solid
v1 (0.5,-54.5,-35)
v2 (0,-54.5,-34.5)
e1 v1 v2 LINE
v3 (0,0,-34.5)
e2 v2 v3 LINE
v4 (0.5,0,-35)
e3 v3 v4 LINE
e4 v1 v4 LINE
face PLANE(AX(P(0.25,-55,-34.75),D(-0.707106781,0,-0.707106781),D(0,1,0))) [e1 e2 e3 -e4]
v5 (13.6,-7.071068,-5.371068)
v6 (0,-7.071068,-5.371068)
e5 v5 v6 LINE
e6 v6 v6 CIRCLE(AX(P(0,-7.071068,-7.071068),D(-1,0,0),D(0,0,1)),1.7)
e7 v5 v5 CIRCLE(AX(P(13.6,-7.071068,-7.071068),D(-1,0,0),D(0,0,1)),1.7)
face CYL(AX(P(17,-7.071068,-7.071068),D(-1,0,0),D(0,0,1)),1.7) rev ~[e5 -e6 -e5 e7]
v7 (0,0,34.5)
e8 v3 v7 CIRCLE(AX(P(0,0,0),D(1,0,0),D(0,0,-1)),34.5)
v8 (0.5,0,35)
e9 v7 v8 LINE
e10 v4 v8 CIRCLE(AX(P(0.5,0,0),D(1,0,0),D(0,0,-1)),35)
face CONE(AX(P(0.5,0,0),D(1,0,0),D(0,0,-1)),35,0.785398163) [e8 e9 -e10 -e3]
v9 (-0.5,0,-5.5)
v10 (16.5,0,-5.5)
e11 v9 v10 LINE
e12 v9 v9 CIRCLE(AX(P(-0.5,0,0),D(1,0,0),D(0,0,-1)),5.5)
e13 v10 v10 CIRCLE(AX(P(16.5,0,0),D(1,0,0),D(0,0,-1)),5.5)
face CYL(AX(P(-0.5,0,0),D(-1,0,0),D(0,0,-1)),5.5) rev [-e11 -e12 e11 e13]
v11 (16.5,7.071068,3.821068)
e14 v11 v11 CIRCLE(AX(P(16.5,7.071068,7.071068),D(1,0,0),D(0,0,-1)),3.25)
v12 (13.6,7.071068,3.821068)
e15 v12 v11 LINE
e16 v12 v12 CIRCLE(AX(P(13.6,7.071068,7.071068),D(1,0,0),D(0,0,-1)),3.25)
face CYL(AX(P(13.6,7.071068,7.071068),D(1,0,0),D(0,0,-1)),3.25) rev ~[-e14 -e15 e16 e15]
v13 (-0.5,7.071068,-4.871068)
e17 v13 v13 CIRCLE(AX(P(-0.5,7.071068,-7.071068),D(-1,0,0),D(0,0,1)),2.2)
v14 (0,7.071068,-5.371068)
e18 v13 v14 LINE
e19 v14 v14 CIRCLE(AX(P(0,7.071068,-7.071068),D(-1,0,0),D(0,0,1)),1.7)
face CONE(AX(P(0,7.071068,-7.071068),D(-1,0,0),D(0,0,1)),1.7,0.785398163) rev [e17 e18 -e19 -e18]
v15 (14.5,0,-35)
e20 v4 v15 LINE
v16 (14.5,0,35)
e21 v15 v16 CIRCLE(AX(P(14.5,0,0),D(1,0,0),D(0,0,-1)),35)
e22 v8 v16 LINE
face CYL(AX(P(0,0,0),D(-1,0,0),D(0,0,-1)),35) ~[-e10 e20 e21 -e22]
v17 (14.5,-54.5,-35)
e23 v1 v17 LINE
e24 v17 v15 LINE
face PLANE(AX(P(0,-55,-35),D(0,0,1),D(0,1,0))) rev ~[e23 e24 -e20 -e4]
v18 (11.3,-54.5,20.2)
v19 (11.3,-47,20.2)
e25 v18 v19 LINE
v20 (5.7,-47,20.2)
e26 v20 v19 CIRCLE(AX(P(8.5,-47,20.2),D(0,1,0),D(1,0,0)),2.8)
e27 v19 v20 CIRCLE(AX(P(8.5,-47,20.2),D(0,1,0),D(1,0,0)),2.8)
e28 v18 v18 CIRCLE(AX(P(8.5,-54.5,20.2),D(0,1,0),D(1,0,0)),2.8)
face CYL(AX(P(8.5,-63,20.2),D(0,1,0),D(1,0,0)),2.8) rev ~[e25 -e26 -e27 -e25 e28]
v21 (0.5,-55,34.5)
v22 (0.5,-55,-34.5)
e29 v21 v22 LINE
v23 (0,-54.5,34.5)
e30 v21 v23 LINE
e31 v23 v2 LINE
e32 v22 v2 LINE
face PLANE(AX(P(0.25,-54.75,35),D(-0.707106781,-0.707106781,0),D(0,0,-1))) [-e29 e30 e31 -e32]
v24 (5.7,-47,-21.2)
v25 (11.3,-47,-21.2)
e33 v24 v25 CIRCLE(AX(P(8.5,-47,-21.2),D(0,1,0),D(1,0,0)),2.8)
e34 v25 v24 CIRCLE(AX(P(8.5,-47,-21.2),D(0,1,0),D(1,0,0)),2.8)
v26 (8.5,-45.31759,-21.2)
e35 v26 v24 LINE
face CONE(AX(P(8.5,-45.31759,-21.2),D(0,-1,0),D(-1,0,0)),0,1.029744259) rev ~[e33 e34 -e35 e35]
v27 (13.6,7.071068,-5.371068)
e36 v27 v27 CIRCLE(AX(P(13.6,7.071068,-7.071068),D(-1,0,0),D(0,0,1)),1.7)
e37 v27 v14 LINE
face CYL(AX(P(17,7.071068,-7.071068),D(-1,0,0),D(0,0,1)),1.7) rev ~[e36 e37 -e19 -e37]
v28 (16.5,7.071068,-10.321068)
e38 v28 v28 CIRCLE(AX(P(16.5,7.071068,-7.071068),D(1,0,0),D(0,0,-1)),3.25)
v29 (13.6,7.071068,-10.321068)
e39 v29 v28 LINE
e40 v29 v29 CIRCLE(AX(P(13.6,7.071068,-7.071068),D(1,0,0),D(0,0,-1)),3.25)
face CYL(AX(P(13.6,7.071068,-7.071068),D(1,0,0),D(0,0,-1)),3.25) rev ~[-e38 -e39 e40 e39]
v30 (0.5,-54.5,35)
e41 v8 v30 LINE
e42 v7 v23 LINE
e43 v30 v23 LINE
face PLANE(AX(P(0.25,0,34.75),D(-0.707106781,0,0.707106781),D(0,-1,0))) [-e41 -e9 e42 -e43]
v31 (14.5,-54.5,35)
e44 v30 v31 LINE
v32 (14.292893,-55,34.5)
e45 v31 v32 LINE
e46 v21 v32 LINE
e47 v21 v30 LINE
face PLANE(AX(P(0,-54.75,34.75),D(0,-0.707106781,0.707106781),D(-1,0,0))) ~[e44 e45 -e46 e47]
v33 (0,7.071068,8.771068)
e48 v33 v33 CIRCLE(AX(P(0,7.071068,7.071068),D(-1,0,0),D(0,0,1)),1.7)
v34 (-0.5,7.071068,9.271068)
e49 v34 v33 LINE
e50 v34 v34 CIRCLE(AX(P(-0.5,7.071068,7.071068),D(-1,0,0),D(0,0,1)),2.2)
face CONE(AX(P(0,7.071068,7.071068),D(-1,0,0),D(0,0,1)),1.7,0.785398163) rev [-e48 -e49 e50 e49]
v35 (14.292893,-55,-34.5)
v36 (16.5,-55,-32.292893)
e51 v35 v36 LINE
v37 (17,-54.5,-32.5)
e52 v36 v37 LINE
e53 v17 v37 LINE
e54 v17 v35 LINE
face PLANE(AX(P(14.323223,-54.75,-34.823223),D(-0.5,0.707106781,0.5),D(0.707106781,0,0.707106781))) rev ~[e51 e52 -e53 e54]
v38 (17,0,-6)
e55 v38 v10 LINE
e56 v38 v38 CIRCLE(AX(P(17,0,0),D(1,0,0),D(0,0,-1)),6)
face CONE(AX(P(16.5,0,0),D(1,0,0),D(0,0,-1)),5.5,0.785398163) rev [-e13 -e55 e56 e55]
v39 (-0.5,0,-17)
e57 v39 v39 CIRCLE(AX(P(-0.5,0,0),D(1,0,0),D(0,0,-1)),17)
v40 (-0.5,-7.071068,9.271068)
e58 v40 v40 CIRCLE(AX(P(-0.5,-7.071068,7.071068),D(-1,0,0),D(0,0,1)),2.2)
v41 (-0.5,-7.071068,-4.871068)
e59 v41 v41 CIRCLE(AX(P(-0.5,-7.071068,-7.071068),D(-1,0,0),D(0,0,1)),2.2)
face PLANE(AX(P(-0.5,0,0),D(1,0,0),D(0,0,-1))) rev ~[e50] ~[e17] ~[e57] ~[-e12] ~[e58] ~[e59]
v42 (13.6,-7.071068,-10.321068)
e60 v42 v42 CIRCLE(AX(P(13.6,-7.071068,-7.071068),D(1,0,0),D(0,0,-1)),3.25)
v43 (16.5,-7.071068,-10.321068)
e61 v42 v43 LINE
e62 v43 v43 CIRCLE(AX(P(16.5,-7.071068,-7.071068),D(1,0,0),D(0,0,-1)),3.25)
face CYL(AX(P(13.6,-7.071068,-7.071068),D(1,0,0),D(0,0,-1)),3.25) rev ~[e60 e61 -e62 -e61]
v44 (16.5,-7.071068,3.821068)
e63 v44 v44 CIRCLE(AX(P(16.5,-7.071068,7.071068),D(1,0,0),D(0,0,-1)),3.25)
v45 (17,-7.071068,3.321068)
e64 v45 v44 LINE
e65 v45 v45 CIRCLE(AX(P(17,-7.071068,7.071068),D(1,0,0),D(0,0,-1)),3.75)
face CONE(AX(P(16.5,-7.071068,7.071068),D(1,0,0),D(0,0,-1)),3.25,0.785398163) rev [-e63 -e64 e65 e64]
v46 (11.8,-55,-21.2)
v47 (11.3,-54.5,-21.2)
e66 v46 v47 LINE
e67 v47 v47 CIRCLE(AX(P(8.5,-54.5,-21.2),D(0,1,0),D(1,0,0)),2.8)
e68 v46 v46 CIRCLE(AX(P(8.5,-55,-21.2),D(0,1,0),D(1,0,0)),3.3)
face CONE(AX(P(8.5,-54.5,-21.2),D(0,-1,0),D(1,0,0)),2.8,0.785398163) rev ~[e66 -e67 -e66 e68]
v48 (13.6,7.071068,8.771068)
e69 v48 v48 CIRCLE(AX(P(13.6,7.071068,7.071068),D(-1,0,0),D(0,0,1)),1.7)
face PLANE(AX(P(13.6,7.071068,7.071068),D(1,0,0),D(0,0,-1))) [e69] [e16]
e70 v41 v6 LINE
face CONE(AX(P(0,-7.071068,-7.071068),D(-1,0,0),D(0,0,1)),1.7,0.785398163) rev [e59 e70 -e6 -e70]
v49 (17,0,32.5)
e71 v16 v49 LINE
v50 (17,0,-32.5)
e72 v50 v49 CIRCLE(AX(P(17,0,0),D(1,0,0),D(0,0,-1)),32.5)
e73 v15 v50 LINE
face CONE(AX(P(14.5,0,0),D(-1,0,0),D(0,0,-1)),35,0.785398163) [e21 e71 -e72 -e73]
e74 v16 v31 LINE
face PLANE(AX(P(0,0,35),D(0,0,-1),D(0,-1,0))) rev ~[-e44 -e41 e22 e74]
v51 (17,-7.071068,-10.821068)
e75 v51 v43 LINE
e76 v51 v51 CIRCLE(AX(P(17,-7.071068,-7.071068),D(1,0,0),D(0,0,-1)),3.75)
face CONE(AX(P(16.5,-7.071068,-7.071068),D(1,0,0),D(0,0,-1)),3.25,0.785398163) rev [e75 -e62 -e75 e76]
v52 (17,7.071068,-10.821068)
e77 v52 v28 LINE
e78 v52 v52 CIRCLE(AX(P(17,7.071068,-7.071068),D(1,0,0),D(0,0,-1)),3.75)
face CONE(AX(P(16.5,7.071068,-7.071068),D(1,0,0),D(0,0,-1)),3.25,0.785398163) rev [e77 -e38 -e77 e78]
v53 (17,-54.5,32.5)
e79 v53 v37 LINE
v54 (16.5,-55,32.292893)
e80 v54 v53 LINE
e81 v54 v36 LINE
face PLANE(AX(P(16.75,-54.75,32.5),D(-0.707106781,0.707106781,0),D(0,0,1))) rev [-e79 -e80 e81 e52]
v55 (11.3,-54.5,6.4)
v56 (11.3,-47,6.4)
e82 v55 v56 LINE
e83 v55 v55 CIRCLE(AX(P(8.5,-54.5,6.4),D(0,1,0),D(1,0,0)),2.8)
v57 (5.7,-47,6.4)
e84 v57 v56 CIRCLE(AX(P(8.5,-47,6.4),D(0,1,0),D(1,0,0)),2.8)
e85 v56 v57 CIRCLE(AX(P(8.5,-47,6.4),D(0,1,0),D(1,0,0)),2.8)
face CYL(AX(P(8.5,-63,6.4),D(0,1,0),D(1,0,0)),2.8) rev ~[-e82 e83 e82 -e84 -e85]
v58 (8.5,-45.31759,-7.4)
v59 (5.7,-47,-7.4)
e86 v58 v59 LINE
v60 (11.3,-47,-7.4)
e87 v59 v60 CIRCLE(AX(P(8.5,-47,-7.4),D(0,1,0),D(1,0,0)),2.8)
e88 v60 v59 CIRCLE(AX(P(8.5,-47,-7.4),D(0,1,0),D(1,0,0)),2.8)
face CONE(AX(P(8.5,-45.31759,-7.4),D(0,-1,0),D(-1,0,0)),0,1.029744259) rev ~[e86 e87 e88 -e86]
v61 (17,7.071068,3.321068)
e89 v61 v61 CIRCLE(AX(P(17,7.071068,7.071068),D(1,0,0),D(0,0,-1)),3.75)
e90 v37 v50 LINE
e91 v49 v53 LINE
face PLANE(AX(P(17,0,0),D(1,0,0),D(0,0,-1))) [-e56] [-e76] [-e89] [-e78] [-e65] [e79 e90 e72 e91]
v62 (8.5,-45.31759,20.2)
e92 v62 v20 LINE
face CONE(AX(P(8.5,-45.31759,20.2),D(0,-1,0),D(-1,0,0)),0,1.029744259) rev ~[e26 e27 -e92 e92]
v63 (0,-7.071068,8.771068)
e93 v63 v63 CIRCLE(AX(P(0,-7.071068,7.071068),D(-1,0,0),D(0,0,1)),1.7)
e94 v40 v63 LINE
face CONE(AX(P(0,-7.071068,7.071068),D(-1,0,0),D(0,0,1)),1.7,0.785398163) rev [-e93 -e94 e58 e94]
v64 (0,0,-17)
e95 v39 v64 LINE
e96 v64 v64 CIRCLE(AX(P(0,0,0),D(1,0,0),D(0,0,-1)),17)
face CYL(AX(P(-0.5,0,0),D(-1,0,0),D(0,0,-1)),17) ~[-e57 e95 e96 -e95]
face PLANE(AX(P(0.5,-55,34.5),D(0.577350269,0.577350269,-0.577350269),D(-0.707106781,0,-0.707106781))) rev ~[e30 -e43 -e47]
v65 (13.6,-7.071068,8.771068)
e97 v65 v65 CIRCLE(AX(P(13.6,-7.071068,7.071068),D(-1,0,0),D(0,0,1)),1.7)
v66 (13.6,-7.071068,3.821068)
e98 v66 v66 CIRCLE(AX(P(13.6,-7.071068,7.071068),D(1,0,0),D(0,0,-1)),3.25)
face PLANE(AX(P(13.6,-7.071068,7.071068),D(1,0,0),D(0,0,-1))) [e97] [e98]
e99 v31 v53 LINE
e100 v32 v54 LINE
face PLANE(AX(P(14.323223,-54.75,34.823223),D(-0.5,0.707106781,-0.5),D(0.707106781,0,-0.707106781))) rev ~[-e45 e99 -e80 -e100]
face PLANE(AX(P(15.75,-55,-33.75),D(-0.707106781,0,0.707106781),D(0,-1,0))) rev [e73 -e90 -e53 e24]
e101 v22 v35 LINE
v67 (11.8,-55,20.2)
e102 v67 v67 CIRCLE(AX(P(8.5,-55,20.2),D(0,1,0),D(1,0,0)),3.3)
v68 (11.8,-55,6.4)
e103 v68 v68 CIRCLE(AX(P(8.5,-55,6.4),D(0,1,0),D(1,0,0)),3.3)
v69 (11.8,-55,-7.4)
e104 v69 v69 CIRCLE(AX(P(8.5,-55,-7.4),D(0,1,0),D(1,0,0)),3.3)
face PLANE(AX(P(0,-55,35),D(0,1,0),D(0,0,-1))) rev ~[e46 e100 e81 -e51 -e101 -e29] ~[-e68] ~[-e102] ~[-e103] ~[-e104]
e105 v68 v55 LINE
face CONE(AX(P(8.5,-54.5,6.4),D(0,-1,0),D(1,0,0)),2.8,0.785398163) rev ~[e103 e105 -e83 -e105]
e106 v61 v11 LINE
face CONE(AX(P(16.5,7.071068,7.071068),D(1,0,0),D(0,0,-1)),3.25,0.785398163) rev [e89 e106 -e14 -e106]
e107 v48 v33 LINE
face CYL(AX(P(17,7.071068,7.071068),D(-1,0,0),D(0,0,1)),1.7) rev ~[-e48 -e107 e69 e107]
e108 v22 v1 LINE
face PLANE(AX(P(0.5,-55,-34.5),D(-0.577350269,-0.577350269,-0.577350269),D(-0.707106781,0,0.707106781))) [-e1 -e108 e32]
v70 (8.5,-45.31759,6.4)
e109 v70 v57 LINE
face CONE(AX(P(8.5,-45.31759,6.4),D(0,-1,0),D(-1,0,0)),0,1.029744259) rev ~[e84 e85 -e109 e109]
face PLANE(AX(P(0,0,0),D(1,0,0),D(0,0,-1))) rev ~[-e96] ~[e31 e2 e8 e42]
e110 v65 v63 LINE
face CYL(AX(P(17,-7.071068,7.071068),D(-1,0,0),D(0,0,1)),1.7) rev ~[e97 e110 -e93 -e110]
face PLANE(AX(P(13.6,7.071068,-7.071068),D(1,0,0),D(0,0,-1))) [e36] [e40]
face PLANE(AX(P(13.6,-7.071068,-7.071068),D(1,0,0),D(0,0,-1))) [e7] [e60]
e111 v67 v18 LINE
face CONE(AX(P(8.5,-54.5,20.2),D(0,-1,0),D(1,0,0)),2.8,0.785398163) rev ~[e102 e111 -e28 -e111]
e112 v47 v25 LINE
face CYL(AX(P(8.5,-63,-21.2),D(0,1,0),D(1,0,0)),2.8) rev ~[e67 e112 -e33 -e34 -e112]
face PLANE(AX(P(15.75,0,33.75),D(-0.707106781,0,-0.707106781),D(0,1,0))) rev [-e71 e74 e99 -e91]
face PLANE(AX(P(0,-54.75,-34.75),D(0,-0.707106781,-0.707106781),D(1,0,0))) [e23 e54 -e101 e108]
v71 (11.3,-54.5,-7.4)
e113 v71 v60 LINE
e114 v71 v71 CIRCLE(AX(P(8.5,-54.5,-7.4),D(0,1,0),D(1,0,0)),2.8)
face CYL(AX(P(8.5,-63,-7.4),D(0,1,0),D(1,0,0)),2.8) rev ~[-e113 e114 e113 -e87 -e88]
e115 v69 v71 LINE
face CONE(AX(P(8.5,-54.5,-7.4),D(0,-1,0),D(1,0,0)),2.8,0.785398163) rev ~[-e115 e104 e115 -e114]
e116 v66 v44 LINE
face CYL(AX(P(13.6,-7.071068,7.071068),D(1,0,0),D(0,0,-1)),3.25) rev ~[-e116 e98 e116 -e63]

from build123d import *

# Parameters (mm, degrees)
SKETCH1_R                                           = 35
SKETCH1_R_2                                         = 5.5
SKETCH1_R_3                                         = 17
BOSS_EXTRUDE1_DEPTH                                 = 17
BOSS_EXTRUDE2_START                                 = -0.5
SKETCH1_3_R                                         = 17
SKETCH1_3_R_2                                       = 5.5
BOSS_EXTRUDE2_DEPTH                                 = 0.5
CBORE_FOR_M3_HEX_SOCKET_HEAD_CAP_SCREW1_D           = 3.4
CBORE_FOR_M3_HEX_SOCKET_HEAD_CAP_SCREW1_CBORE_D     = 6.5
CBORE_FOR_M3_HEX_SOCKET_HEAD_CAP_SCREW1_CBORE_DEPTH = 3.4
F_5_6_5_6_DIAMETER_HOLE1_D                          = 5.6
F_5_6_5_6_DIAMETER_HOLE1_DEPTH                      = 8
F_5_6_5_6_DIAMETER_HOLE1_TIP                        = 1.682409733
F_2_5MM_CHAMFER1_SIZE                               = 2.5
F_0_5MM_CHAMFER2_SIZE                               = 0.5


with BuildPart() as part:
    # Sketch1 → Boss-Extrude1 (new body)
    # profile 1 of 3: a face of its own
    with BuildSketch(Plane(origin=(0, 0, 0), x_dir=(0, 0, -1), z_dir=(1, 0, 0))):
        Circle(SKETCH1_R)
        Circle(SKETCH1_R_2, mode=Mode.SUBTRACT)
    # profile 2 of 3: a face of its own
    with BuildSketch(Plane(origin=(0, 0, 0), x_dir=(0, 0, -1), z_dir=(1, 0, 0))):
        with BuildLine():
            ThreePointArc((35, 0), (0, -35), (-35, 0))
            Line((-35, 0), (-35, -55))
            Line((-35, -55), (35, -55))
            Line((35, -55), (35, 0))
        make_face()
    # profile 3 of 3: a face of its own
    with BuildSketch(Plane(origin=(0, 0, 0), x_dir=(0, 0, -1), z_dir=(1, 0, 0))):
        Circle(SKETCH1_R_3)
        Circle(SKETCH1_R_2, mode=Mode.SUBTRACT)
    extrude(amount=BOSS_EXTRUDE1_DEPTH)

    # Sketch1<3> → Boss-Extrude2 (add)
    with BuildSketch(Plane(origin=(0, 0, 0), x_dir=(0, 0, -1), z_dir=(1, 0, 0)).offset(BOSS_EXTRUDE2_START)):
        Circle(SKETCH1_3_R)
        Circle(SKETCH1_3_R_2, mode=Mode.SUBTRACT)
    extrude(amount=BOSS_EXTRUDE2_DEPTH)

    # CBORE for M3 Hex Socket Head Cap Screw1 (through all)
    with Locations(Plane(origin=(17, 0, 0), x_dir=(0, 0, -1), z_dir=(1, 0, 0))):
        with Locations((-7.071067812, 7.071067812), (7.071067812, 7.071067812), (7.071067812, -7.071067812), (-7.071067812, -7.071067812)):
            CounterBoreHole(CBORE_FOR_M3_HEX_SOCKET_HEAD_CAP_SCREW1_D / 2, CBORE_FOR_M3_HEX_SOCKET_HEAD_CAP_SCREW1_CBORE_D / 2, CBORE_FOR_M3_HEX_SOCKET_HEAD_CAP_SCREW1_CBORE_DEPTH)

    # Ø5.6 (5.6) Diameter Hole1
    with Locations(Plane(origin=(0, -55, 0), x_dir=(-1, 0, 0), z_dir=(0, -1, 0))):
        with Locations((-8.5, -20.2), (-8.5, 21.2), (-8.5, 7.4), (-8.5, -6.4)):
            Hole(F_5_6_5_6_DIAMETER_HOLE1_D / 2, depth=F_5_6_5_6_DIAMETER_HOLE1_DEPTH)
            with Locations((0, 0, -(F_5_6_5_6_DIAMETER_HOLE1_DEPTH + F_5_6_5_6_DIAMETER_HOLE1_TIP / 2))):  # 118° drill point
                Cone(0, F_5_6_5_6_DIAMETER_HOLE1_D / 2, F_5_6_5_6_DIAMETER_HOLE1_TIP, mode=Mode.SUBTRACT)

    # 2,5mm Chamfer1
    f_2_5mm_chamfer1_edges = [part.edges().sort_by_distance(p)[0] for p in [
        (17, -27.5, 35),
        (17, -27.5, -35),
        (17, 35, 0),
    ]]
    chamfer(f_2_5mm_chamfer1_edges, length=F_2_5MM_CHAMFER1_SIZE)

    # 0,5mm Chamfer2
    f_0_5mm_chamfer2_edges = [part.edges().sort_by_distance(p)[0] for p in [
        (17, 0, 5.5),
        (17, 7.071067812, 10.321067812),
        (-0.5, 7.071067812, 5.371067812),
        (17, -7.071067812, 10.321067812),
        (-0.5, -7.071067812, 5.371067812),
        (17, -7.071067812, -3.821067812),
        (-0.5, -7.071067812, -8.771067812),
        (17, 7.071067812, -3.821067812),
        (-0.5, 7.071067812, -8.771067812),
        (5.7, -55, 20.2),
        (5.7, -55, 6.4),
        (5.7, -55, -7.4),
        (5.7, -55, -21.2),
        (0, -27.5, -35),
        (7.25, -55, -35),
        (17, -55, 0),
        (7.25, -55, 35),
        (0, -55, 0),
        (15.75, -55, 33.75),
        (15.75, -55, -33.75),
        (0, -27.5, 35),
        (0, 35, 0),
    ]]
    chamfer(f_0_5mm_chamfer2_edges, length=F_0_5MM_CHAMFER2_SIZE)


solid = part.part
